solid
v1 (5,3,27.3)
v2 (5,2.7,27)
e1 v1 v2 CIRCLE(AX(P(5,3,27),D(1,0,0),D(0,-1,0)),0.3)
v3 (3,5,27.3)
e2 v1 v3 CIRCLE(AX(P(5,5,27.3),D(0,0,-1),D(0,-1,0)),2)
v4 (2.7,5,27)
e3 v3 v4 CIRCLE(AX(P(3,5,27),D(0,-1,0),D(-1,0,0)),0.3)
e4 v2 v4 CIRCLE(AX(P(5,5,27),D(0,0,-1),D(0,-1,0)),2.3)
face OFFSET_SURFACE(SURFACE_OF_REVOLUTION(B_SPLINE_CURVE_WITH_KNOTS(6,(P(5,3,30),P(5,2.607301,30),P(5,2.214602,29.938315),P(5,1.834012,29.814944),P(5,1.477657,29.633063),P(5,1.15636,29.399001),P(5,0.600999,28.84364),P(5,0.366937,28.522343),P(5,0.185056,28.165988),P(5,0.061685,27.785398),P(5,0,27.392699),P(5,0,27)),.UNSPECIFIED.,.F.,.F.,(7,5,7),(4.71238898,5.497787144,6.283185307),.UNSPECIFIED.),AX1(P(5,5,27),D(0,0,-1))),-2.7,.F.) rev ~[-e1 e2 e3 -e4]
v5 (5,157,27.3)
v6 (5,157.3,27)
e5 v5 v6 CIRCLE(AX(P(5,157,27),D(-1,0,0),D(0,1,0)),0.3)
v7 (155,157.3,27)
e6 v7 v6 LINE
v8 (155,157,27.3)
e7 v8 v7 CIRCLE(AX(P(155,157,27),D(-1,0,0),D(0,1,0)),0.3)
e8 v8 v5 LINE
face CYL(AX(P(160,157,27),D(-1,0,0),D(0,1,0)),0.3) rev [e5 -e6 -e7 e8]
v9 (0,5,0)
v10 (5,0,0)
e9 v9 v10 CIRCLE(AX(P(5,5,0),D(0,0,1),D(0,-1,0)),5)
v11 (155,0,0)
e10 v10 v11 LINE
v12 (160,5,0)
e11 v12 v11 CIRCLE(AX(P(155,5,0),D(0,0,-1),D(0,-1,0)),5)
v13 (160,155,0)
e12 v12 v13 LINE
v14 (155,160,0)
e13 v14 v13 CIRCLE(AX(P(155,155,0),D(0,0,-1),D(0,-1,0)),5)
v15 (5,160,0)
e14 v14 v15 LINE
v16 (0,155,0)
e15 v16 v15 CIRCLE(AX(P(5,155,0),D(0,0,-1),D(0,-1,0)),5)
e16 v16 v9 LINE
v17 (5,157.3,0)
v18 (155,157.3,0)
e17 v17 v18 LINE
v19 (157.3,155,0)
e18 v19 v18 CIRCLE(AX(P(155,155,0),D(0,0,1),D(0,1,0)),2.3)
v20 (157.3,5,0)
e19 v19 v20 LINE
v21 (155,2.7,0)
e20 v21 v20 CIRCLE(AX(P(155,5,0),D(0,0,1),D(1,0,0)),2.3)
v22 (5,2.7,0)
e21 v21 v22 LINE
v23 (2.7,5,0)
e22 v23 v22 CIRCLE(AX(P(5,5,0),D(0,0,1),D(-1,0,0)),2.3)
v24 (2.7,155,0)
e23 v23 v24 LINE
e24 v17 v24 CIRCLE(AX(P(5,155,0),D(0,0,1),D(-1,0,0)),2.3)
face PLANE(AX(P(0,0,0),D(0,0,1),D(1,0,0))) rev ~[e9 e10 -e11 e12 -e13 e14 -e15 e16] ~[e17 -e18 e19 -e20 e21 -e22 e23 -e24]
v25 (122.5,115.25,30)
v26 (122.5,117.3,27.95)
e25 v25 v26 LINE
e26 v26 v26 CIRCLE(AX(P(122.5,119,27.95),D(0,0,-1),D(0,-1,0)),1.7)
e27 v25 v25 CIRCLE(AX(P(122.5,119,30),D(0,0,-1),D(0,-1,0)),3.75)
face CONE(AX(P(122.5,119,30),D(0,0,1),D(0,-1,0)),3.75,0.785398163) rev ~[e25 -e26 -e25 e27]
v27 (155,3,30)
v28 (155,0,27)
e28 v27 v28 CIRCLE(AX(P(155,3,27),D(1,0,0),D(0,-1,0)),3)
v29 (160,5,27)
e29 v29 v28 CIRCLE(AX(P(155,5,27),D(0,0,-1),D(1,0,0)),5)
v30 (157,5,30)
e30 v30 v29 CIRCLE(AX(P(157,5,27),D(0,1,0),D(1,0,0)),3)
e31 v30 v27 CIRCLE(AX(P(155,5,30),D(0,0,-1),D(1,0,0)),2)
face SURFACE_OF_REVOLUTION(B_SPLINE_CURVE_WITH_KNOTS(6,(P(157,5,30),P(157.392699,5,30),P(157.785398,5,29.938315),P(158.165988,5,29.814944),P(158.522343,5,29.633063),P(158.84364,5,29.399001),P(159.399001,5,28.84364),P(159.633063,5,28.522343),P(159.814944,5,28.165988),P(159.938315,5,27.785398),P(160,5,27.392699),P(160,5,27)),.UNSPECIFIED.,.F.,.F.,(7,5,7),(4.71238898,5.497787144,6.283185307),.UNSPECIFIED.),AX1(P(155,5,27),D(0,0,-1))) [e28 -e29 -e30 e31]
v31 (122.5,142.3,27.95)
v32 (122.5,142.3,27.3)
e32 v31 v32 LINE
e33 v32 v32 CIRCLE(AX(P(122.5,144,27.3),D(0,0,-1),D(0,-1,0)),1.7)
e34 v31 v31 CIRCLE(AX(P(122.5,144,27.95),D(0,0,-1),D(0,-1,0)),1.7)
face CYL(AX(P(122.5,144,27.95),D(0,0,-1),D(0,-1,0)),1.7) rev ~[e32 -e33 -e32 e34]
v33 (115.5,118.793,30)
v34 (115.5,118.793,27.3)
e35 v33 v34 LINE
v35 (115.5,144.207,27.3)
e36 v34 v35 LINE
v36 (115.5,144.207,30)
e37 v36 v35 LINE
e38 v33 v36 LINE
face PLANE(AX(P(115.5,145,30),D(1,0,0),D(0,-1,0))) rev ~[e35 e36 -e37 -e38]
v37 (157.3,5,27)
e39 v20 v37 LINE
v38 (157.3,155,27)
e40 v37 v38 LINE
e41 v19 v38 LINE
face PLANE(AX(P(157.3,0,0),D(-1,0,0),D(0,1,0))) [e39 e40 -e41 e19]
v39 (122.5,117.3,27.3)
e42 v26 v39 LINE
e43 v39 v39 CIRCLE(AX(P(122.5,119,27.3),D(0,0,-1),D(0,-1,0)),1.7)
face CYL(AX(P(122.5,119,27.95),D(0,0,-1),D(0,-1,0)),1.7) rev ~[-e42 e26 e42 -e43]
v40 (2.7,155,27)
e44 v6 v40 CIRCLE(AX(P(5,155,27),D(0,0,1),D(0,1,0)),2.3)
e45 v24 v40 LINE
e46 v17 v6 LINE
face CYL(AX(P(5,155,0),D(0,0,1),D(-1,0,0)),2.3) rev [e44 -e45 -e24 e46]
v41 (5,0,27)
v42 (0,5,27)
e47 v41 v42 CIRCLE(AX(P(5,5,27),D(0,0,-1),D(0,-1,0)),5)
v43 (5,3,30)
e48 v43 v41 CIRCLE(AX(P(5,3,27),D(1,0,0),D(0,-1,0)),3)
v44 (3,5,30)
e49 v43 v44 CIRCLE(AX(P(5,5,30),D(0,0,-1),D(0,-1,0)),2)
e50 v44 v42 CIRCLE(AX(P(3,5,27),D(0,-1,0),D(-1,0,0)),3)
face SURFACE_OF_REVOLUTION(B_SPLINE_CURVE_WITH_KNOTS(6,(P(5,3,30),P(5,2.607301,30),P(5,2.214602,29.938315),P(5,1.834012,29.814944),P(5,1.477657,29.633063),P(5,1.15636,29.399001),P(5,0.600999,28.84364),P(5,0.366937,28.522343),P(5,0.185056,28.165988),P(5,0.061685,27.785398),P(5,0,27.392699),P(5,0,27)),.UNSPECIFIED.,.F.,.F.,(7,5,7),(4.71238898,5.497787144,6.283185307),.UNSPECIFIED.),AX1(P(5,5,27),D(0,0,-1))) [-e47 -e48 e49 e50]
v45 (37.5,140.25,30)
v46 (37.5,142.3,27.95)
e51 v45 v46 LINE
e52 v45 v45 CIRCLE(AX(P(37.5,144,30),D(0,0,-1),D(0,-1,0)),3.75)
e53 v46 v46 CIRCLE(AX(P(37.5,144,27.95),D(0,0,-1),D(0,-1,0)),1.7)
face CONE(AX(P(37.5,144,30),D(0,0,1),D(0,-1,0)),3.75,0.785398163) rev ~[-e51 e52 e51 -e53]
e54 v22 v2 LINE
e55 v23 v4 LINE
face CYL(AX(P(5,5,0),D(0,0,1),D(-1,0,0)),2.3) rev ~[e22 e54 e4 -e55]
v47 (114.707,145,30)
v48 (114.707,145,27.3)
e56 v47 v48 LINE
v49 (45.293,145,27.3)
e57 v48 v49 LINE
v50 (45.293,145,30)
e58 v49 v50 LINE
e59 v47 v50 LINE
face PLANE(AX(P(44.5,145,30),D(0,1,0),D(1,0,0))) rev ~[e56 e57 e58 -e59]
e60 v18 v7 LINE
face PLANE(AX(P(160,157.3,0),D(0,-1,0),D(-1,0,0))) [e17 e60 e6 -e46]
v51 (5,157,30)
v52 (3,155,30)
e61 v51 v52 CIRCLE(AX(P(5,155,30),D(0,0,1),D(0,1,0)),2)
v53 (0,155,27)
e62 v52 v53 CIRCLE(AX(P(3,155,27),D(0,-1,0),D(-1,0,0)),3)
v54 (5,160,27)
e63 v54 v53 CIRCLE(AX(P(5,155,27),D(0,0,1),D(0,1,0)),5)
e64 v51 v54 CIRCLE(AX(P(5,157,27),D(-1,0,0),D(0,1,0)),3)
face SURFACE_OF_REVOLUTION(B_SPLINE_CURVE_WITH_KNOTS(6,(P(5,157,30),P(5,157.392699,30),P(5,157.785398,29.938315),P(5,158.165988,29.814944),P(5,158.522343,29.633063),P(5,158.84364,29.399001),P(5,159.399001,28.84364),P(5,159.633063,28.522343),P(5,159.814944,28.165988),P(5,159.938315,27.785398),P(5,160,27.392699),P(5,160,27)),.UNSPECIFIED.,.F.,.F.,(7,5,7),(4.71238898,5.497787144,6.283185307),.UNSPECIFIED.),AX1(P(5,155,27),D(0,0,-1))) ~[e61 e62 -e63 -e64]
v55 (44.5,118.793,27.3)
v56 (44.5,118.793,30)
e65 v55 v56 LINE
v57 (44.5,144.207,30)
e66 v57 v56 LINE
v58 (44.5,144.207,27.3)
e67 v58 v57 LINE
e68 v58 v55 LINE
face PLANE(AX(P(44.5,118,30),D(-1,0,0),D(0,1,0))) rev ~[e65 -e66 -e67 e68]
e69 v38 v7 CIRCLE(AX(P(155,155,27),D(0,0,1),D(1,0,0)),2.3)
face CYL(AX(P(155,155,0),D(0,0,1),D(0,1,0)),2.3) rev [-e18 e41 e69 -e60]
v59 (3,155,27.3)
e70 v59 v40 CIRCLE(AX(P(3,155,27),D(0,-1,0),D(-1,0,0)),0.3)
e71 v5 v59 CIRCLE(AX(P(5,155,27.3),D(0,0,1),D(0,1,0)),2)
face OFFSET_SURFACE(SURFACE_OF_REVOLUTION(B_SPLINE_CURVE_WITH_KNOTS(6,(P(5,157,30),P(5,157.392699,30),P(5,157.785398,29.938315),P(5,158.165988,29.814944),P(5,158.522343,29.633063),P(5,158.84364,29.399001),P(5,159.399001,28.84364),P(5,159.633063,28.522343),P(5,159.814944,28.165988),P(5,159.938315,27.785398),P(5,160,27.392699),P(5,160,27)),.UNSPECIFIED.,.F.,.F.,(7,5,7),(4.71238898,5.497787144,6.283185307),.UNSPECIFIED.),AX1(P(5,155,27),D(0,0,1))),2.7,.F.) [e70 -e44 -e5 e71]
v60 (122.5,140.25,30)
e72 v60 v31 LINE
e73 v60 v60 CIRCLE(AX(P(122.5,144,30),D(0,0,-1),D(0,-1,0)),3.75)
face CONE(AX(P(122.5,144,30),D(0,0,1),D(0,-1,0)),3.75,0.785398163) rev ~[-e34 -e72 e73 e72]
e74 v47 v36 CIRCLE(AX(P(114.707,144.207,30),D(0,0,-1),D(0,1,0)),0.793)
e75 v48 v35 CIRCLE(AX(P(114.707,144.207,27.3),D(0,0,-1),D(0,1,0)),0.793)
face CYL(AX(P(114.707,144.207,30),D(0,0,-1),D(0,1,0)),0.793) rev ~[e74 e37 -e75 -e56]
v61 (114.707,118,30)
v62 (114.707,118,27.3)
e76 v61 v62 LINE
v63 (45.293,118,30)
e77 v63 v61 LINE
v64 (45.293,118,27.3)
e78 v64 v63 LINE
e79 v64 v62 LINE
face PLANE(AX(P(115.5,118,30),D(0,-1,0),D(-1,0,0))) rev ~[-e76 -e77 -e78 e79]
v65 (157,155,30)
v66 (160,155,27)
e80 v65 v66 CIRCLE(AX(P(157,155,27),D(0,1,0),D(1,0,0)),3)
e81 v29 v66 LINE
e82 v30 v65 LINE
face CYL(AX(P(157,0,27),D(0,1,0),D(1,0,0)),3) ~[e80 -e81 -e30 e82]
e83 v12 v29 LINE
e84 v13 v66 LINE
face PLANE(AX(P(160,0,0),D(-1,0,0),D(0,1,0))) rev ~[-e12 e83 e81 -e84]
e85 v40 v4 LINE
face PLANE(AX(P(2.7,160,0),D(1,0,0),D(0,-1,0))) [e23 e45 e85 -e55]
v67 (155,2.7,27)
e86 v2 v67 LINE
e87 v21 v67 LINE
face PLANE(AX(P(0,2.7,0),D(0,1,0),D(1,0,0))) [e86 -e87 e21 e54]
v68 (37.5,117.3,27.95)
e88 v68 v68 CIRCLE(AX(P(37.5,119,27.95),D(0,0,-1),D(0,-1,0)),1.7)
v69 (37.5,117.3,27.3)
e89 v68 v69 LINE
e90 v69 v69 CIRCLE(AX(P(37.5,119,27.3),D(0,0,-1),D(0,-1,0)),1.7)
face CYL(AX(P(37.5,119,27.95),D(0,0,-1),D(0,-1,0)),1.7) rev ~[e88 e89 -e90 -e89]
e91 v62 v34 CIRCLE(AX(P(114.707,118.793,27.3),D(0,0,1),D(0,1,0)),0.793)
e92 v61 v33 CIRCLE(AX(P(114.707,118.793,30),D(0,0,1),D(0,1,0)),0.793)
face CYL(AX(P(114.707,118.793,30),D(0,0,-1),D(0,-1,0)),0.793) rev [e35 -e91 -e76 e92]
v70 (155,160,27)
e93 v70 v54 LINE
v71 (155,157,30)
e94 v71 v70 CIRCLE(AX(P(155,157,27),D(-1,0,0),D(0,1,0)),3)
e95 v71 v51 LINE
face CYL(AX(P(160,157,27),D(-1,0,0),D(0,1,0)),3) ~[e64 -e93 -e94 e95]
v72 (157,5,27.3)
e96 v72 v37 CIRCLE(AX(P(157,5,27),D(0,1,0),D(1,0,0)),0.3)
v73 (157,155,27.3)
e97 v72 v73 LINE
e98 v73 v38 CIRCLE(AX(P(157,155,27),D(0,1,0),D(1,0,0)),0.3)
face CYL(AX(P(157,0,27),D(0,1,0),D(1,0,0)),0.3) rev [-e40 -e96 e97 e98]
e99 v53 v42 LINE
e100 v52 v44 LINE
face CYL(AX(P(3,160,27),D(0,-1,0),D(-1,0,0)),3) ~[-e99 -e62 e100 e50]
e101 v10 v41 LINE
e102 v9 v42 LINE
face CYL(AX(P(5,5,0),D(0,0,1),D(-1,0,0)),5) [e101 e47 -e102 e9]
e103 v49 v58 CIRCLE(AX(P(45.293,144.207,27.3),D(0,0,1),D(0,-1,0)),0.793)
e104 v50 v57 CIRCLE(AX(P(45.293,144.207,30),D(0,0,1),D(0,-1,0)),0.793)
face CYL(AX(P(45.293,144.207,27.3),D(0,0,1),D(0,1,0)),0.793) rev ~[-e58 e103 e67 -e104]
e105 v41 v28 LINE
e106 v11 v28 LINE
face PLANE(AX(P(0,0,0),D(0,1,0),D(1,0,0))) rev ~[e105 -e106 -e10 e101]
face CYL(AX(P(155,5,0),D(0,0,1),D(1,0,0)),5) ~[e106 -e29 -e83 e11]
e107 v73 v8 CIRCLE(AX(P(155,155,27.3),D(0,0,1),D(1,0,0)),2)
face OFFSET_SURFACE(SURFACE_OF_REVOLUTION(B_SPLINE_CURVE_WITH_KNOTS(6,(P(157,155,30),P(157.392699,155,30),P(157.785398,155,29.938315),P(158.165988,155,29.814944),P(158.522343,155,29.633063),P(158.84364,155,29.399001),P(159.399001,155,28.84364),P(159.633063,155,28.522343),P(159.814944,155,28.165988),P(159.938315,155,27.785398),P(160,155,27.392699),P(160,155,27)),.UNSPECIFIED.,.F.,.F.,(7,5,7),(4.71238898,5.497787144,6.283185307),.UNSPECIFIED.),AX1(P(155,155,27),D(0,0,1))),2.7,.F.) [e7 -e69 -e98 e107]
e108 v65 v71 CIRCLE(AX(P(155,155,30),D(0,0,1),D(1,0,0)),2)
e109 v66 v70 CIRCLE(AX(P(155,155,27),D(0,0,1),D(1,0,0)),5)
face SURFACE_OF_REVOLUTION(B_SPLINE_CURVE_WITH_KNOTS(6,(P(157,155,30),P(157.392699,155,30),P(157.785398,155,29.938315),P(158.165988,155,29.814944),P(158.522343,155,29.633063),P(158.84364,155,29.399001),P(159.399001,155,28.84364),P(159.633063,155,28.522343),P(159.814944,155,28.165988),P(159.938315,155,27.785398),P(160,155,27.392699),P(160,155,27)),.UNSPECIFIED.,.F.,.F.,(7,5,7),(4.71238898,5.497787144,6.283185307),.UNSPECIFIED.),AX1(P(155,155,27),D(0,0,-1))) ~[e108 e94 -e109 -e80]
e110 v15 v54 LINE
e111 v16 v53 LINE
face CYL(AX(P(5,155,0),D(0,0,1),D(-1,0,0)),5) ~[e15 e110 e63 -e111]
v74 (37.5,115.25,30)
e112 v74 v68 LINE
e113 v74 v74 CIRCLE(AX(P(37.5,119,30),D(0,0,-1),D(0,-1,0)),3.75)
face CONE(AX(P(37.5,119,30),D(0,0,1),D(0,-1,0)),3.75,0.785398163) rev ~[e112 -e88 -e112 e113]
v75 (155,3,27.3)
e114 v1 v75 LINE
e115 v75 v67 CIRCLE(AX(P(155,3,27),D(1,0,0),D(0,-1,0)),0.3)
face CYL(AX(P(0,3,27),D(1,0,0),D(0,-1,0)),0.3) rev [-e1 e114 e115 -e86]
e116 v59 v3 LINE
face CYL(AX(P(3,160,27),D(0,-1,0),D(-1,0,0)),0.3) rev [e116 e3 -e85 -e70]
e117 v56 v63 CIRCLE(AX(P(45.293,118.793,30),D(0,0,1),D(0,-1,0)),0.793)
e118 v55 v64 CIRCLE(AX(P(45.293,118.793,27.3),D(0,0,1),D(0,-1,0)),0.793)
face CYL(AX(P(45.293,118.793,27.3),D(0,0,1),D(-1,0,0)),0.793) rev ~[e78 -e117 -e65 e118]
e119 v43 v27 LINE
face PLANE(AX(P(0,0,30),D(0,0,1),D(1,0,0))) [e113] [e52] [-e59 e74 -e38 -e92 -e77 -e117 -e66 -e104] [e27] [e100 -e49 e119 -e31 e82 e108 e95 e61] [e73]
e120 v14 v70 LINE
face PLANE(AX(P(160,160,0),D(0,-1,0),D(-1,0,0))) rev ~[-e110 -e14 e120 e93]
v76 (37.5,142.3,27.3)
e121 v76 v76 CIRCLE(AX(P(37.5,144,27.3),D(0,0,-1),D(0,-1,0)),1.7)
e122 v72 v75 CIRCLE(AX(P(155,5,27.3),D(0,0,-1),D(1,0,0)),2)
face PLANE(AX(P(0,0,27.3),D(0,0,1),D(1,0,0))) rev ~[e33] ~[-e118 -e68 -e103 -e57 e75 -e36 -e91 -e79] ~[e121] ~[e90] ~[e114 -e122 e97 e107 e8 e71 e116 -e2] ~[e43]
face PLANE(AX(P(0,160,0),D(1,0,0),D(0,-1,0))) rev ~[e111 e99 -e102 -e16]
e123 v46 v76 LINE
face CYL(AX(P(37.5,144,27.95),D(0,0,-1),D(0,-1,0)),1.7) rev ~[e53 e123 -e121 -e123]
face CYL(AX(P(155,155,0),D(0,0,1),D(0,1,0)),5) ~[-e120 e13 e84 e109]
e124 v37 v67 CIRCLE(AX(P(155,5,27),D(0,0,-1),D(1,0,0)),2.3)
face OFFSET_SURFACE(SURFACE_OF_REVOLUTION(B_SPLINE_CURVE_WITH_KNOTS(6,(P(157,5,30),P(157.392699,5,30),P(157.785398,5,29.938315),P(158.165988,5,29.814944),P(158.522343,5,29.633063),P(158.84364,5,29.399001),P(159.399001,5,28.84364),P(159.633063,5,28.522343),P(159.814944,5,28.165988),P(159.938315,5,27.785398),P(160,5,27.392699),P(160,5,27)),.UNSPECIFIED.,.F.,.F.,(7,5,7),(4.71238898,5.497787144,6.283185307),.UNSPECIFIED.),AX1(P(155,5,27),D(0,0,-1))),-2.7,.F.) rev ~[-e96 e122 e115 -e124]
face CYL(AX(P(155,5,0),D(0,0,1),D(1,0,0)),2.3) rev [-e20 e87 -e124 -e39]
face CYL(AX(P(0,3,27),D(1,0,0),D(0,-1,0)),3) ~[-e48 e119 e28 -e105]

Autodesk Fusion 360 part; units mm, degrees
sketch "Sketch1" plane through (0, 0, 0) normal (0, 0, 1) x (1, 0, 0)
  line L0 (0, 0) -> (160, 0)
  line L1 (160, 0) -> (160, 160)
  line L2 (160, 160) -> (0, 160)
  line L3 (0, 160) -> (0, 0)
  dimension "d1" = 160
  dimension "d3" = 160
extrude "Extrude1" add sketch "Sketch1" along normal blind 30
fillet "Fillet1" radius 5 4 edges at (0, 160, 15) (0, 0, 15) (160, 0, 15) (160, 160, 15)
fillet "Fillet1" radius 3 4 edges at (160, 80, 30) (80, 160, 30) (80, 0, 30) (0, 80, 30)
shell "Shell1" thickness 2.7 removed faces 1 at (53.3333, 51.6667, 0)
sketch "Sketch3" plane through (0, 0, 30) normal (0, 0, 1) x (-1, 0, 0)
  arc A0 (-5, -157) -> (-3, -155) centre (-5, -155) ccw
  line L0 (-3, -155) -> (-3, -5)
  arc A1 (-3, -5) -> (-5, -3) centre (-5, -5) ccw
  line L1 (-5, -3) -> (-155, -3)
  arc A2 (-155, -3) -> (-157, -5) centre (-155, -5) ccw
  line L2 (-157, -5) -> (-157, -155)
  arc A3 (-157, -155) -> (-155, -157) centre (-155, -155) ccw
  line L3 (-155, -157) -> (-5, -157)
  line L4 (-44.5, -145) -> (-115.5, -145)
  line L5 (-115.5, -145) -> (-115.5, -118)
  line L6 (-115.5, -118) -> (-44.5, -118)
  line L7 (-44.5, -118) -> (-44.5, -145)
  arc A4 (-155, 0) -> (-160, -5) centre (-155, -5) ccw
  line L8 (-160, -5) -> (-160, -155)
  arc A5 (-160, -155) -> (-155, -160) centre (-155, -155) ccw
  line L9 (-155, -160) -> (-5, -160)
  arc A6 (-5, -160) -> (0, -155) centre (-5, -155) ccw
  line L10 (0, -155) -> (0, -5)
  arc A7 (0, -5) -> (-5, 0) centre (-5, -5) ccw
  line L11 (-5, 0) -> (-155, 0)
  line L12 (-80, -145) -> (-80, -160) construction
  dimension "d11" = 71
  dimension "d12" = 27
  dimension "d13" = 15
extrude "Extrude2" cut sketch "Sketch3" along normal through all and the other way through all contours L4 L5 L6 L7
sketch "Sketch4" plane through (0, 0, 30) normal (0, 0, 1) x (-1, 0, 0)
  line L0 (-44.5, -145) -> (-44.5, -118)
  line L1 (-44.5, -118) -> (-115.5, -118)
  line L2 (-115.5, -118) -> (-115.5, -145)
  line L3 (-115.5, -145) -> (-44.5, -145)
  arc A0 (-155, 0) -> (-160, -5) centre (-155, -5) ccw
  line L4 (-160, -5) -> (-160, -155)
  arc A1 (-160, -155) -> (-155, -160) centre (-155, -155) ccw
  line L5 (-155, -160) -> (-5, -160)
  arc A2 (-5, -160) -> (0, -155) centre (-5, -155) ccw
  line L6 (0, -155) -> (0, -5)
  arc A3 (0, -5) -> (-5, 0) centre (-5, -5) ccw
  line L7 (-5, 0) -> (-155, 0)
  line L8 (-37.5, -144) -> (-122.5, -144)
  line L9 (-122.5, -144) -> (-122.5, -119)
  line L10 (-122.5, -119) -> (-37.5, -119)
  line L11 (-37.5, -119) -> (-37.5, -144)
  line L12 (-44.5, -131.5) -> (-37.5, -131.5)
  line L13 (-80, -144) -> (-80, -145)
  line L14 (-80, -118) -> (-80, -119)
  line L15 (-115.5, -131.5) -> (-122.5, -131.5)
  dimension "d31" = 85
  dimension "d32" = 25
sketch "Sketch5" plane through (0, 0, 30) normal (0, 0, 1) x (-1, 0, 0)
  line L0 (-44.5, -118) -> (-44.5, -145)
  line L1 (-44.5, -145) -> (-115.5, -145)
  line L2 (-115.5, -145) -> (-115.5, -118)
  line L3 (-115.5, -118) -> (-44.5, -118)
  arc A0 (-5, -157) -> (-3, -155) centre (-5, -155) ccw
  line L4 (-3, -155) -> (-3, -5)
  arc A1 (-3, -5) -> (-5, -3) centre (-5, -5) ccw
  line L5 (-5, -3) -> (-155, -3)
  arc A2 (-155, -3) -> (-157, -5) centre (-155, -5) ccw
  line L6 (-157, -5) -> (-157, -155)
  arc A3 (-157, -155) -> (-155, -157) centre (-155, -155) ccw
  line L7 (-155, -157) -> (-5, -157)
  circle A4 centre (-45.0613, -144.4387) radius 0.7937
  line L8 (-44.5, -145) -> (-45.0613, -144.4387)
  circle A5 centre (-114.9387, -144.4387) radius 0.7937
  line L9 (-115.5, -145) -> (-114.9387, -144.4387) construction
  dimension "d23" = 1.5875
  dimension "d24" = 45
  dimension "d25" = 1.5875
extrude "Extrude3" [suppressed]
ref_plane "WorkPlane1" through (80, 131.5, 28.65) normal (0, -1, 0) x (-1, 0, 0)
mirror "Mirror1" [suppressed]
fillet "Fillet2" radius 0.793 4 edges at (44.5, 145, 28.65) (115.5, 145, 28.65) (115.5, 118, 28.65) (44.5, 118, 28.65)
hole "Hole1" at (122.5, 144, 30) at (122.5, 119, 30) at (37.5, 119, 30) at (37.5, 144, 30) direction (0, 0, -1) diameter 3.4 depth 15 tip angle 118 countersink diameter 7.5 countersink angle 90
equation "d1 = Lid_X"
equation "d3 = Lid_Y"
equation "d4 = Lid_Z"
equation "d8 = Lid_Thikness"
equation "d11 = Opening_X"
equation "d12 = Opening_Y"
equation "d23 = ( 1 / 16 ) * 1 in"
equation "d25 = 1 / 16 * 1 in"
equation "d30 = Corner_rad"
equation "d31 = Holes_X"
equation "d32 = Holes_Y"
equation "Lid_X = 160 mm"
equation "Lid_Y = 160 mm"
equation "Lid_Z = 30 mm"
equation "Opening_X = 71 mm"
equation "Opening_Y = 27 mm"
equation "Lid_Thikness = 2.7 mm"
equation "Corner_rad = 0.793 mm"
equation "Holes_X = 85 mm"
equation "Holes_Y = 25 mm"
